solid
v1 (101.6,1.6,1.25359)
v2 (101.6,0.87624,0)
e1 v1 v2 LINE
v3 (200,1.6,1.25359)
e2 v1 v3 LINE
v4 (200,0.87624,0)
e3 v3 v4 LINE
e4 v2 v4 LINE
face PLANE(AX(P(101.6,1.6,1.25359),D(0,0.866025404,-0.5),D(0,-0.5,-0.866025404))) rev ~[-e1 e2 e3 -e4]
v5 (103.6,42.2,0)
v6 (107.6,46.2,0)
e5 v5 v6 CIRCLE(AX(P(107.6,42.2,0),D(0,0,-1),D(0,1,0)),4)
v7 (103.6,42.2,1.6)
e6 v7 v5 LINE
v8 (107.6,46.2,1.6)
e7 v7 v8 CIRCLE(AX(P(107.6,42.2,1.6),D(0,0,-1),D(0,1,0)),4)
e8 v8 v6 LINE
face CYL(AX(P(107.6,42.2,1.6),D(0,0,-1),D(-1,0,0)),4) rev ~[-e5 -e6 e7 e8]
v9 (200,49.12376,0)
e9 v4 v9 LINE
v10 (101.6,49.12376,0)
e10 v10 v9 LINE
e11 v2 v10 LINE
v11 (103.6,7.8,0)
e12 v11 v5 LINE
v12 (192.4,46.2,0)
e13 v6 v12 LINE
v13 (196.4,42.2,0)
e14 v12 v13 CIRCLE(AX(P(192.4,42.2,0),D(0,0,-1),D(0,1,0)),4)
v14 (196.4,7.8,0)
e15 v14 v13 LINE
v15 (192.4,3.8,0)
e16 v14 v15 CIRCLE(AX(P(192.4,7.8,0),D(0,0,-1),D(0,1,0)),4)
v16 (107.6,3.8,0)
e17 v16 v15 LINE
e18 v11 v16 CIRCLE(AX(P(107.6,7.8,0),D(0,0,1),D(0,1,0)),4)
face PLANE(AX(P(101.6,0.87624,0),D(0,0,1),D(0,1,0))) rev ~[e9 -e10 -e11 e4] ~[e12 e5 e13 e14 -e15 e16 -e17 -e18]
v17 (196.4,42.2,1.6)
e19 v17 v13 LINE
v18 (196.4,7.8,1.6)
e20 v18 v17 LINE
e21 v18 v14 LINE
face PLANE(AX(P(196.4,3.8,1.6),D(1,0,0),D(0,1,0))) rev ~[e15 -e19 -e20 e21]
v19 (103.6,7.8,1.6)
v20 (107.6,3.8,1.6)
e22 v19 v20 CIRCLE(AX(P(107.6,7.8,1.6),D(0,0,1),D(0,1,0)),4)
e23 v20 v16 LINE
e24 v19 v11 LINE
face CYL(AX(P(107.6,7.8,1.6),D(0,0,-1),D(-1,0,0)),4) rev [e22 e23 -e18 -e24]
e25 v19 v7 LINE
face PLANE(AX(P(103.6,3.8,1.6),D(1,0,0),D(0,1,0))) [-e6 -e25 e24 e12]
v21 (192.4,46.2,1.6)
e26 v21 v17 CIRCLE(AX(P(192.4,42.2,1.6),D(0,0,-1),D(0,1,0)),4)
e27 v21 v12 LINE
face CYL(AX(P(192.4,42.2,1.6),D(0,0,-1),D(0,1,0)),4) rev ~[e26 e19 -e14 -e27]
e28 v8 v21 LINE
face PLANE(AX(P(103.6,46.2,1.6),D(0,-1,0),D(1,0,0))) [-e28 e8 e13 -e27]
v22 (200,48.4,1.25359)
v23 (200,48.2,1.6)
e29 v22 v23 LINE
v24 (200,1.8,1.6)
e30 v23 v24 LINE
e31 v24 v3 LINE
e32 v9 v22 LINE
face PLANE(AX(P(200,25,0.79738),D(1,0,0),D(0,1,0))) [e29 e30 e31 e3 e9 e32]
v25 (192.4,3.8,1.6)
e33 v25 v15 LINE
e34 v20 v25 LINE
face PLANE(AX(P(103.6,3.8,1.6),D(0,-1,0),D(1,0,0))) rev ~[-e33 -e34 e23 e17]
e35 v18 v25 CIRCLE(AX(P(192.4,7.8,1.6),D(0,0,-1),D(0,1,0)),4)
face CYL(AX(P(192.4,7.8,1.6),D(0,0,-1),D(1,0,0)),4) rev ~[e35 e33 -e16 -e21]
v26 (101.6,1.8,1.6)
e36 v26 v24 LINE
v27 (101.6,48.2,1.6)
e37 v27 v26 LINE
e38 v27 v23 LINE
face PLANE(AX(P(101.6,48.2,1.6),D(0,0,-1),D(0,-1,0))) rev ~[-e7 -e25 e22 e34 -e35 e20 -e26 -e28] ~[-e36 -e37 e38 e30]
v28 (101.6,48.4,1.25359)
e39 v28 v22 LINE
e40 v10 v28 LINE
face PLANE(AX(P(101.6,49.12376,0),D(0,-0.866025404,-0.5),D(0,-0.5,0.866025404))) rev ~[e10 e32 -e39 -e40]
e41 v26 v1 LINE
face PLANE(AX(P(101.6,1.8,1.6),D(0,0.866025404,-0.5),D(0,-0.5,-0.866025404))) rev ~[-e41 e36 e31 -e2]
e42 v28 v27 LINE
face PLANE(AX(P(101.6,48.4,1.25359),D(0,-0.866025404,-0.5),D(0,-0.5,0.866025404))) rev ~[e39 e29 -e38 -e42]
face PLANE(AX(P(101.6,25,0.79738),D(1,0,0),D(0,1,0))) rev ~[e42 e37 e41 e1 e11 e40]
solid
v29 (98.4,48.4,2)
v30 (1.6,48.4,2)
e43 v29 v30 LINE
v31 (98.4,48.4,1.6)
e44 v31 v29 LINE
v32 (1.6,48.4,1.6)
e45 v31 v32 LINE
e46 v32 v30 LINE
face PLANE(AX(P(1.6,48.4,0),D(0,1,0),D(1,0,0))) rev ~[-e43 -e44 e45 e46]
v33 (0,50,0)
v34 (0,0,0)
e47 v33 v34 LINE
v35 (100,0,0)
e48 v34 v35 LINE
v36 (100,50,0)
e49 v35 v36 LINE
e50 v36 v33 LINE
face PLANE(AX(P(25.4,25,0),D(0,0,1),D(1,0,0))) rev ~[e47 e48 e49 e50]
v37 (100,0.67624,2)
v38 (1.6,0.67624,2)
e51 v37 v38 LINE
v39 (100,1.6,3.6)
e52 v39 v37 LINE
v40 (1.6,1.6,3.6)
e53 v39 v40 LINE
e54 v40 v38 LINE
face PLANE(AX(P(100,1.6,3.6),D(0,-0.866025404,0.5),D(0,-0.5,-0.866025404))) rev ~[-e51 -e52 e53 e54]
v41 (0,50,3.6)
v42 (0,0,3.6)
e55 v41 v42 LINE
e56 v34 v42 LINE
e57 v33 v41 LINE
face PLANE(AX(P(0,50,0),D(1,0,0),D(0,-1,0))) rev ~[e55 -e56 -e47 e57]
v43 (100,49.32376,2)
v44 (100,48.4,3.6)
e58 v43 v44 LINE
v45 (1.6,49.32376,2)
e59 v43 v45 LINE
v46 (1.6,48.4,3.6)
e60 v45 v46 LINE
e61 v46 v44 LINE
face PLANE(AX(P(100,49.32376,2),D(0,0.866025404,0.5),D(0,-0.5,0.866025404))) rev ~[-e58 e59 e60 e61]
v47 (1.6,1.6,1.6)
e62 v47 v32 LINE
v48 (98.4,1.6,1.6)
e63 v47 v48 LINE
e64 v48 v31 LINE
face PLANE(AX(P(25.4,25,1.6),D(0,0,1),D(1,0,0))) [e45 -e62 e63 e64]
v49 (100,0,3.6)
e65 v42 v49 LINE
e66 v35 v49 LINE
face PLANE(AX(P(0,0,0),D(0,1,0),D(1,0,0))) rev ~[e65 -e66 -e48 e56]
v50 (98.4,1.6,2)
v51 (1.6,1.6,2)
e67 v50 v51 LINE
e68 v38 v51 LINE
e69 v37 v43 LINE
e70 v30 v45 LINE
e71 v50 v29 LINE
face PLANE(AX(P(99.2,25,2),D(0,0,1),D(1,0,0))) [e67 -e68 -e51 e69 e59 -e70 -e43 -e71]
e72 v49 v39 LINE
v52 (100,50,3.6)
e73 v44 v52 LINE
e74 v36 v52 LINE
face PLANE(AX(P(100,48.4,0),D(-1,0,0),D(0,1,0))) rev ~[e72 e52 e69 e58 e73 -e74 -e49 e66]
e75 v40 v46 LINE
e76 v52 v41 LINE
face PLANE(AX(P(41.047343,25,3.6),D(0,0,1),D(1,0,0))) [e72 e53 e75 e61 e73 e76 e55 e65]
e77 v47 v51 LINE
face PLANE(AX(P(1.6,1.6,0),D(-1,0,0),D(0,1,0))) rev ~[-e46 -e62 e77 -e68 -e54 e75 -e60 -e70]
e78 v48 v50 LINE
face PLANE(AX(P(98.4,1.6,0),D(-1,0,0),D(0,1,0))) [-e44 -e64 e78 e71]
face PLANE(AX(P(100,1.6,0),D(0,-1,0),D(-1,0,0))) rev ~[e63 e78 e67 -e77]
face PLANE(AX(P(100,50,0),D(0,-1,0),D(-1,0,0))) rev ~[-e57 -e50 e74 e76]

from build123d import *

# Parameters (mm, degrees)
F4_DEPTH  = 3.6
F3_W      = 47.6
F3_H      = 46.8
F3_W_2    = 1.6
F5_DEPTH  = 1.6
F6_DEPTH  = 2
F8_DEPTH  = 98.4
F9_START  = 1.6
F9_DEPTH  = 98.4
F11_W     = 92.8
F11_H     = 42.4
F13_DEPTH = 1.601
F14_R     = 4


with BuildPart() as f4:
    # F3 (on Top) → F4 (new body)
    with BuildSketch(Plane.XY):
        Polygon((0, 50), (0, 0), (100, 0), (100, 1.6), (98.4, 1.6), (50.8, 1.6), (49.2, 1.6), (1.6, 1.6), (1.6, 48.4), (49.2, 48.4), (50.8, 48.4), (98.4, 48.4), (100, 48.4), (100, 50), align=None)
    extrude(amount=F4_DEPTH)

    # F3 (on Top) → F5 (join)
    with BuildSketch(Plane.XY):
        with Locations((25.4, 25)):
            Rectangle(F3_W, F3_H)
        with Locations((50, 25)):
            Rectangle(F3_W_2, F3_H)
        with Locations((74.6, 25)):
            Rectangle(F3_W, F3_H)
    extrude(amount=F5_DEPTH)

    # F3 (on Top) → F6 (join)
    with BuildSketch(Plane.XY):
        with Locations((99.2, 25)):
            Rectangle(F3_W_2, F3_H)
    extrude(amount=F6_DEPTH)

    # F7 (on face) → F8 (cut)
    with BuildSketch(Plane.YZ.offset(100)):
        Polygon((0.6762395693, 2), (0.8762395693, 2), (1.6, 3.2535898385), (1.6, 3.6), align=None)
        Polygon((48.4, 3.2535898385), (49.1237604307, 2), (49.3237604307, 2), (48.4, 3.6), align=None)
        Polygon((0.8762395693, 2), (1.6, 2), (1.6, 3.2535898385), align=None)
        Polygon((48.4, 3.2535898385), (48.4, 2), (49.1237604307, 2), align=None)
    extrude(amount=-F8_DEPTH, mode=Mode.SUBTRACT)


with BuildPart() as f9:
    # F7 (on face) → F9 (new body)
    with BuildSketch(Plane.YZ.offset(100).offset(F9_START)):
        Polygon((1.6, 3.2535898385), (1.6, 2), (48.4, 2), (48.4, 3.2535898385), (48.2, 3.6), (1.8, 3.6), align=None)
        Polygon((0.8762395693, 2), (1.6, 2), (1.6, 3.2535898385), align=None)
        Polygon((48.4, 3.2535898385), (48.4, 2), (49.1237604307, 2), align=None)
    extrude(amount=F9_DEPTH)


with BuildPart() as f9_1:
    # F10: moved
    add(f9.part.moved(Location((0, 0, -2))))

    # F11 (on face) → F13 (cut, through all)
    with BuildSketch(Plane.XY.offset(1.6)):
        with Locations((150, 25)):
            Rectangle(F11_W, F11_H)
    extrude(amount=-F13_DEPTH, mode=Mode.SUBTRACT)

    # F14
    f14_edges = [f9_1.edges().sort_by_distance(p)[0] for p in [
        (103.6, 46.2, 0.8),
        (103.6, 3.8, 0.8),
        (196.4, 3.8, 0.8),
        (196.4, 46.2, 0.8),
    ]]
    fillet(f14_edges, radius=F14_R)


solid = Compound([f4.part, f9_1.part])
